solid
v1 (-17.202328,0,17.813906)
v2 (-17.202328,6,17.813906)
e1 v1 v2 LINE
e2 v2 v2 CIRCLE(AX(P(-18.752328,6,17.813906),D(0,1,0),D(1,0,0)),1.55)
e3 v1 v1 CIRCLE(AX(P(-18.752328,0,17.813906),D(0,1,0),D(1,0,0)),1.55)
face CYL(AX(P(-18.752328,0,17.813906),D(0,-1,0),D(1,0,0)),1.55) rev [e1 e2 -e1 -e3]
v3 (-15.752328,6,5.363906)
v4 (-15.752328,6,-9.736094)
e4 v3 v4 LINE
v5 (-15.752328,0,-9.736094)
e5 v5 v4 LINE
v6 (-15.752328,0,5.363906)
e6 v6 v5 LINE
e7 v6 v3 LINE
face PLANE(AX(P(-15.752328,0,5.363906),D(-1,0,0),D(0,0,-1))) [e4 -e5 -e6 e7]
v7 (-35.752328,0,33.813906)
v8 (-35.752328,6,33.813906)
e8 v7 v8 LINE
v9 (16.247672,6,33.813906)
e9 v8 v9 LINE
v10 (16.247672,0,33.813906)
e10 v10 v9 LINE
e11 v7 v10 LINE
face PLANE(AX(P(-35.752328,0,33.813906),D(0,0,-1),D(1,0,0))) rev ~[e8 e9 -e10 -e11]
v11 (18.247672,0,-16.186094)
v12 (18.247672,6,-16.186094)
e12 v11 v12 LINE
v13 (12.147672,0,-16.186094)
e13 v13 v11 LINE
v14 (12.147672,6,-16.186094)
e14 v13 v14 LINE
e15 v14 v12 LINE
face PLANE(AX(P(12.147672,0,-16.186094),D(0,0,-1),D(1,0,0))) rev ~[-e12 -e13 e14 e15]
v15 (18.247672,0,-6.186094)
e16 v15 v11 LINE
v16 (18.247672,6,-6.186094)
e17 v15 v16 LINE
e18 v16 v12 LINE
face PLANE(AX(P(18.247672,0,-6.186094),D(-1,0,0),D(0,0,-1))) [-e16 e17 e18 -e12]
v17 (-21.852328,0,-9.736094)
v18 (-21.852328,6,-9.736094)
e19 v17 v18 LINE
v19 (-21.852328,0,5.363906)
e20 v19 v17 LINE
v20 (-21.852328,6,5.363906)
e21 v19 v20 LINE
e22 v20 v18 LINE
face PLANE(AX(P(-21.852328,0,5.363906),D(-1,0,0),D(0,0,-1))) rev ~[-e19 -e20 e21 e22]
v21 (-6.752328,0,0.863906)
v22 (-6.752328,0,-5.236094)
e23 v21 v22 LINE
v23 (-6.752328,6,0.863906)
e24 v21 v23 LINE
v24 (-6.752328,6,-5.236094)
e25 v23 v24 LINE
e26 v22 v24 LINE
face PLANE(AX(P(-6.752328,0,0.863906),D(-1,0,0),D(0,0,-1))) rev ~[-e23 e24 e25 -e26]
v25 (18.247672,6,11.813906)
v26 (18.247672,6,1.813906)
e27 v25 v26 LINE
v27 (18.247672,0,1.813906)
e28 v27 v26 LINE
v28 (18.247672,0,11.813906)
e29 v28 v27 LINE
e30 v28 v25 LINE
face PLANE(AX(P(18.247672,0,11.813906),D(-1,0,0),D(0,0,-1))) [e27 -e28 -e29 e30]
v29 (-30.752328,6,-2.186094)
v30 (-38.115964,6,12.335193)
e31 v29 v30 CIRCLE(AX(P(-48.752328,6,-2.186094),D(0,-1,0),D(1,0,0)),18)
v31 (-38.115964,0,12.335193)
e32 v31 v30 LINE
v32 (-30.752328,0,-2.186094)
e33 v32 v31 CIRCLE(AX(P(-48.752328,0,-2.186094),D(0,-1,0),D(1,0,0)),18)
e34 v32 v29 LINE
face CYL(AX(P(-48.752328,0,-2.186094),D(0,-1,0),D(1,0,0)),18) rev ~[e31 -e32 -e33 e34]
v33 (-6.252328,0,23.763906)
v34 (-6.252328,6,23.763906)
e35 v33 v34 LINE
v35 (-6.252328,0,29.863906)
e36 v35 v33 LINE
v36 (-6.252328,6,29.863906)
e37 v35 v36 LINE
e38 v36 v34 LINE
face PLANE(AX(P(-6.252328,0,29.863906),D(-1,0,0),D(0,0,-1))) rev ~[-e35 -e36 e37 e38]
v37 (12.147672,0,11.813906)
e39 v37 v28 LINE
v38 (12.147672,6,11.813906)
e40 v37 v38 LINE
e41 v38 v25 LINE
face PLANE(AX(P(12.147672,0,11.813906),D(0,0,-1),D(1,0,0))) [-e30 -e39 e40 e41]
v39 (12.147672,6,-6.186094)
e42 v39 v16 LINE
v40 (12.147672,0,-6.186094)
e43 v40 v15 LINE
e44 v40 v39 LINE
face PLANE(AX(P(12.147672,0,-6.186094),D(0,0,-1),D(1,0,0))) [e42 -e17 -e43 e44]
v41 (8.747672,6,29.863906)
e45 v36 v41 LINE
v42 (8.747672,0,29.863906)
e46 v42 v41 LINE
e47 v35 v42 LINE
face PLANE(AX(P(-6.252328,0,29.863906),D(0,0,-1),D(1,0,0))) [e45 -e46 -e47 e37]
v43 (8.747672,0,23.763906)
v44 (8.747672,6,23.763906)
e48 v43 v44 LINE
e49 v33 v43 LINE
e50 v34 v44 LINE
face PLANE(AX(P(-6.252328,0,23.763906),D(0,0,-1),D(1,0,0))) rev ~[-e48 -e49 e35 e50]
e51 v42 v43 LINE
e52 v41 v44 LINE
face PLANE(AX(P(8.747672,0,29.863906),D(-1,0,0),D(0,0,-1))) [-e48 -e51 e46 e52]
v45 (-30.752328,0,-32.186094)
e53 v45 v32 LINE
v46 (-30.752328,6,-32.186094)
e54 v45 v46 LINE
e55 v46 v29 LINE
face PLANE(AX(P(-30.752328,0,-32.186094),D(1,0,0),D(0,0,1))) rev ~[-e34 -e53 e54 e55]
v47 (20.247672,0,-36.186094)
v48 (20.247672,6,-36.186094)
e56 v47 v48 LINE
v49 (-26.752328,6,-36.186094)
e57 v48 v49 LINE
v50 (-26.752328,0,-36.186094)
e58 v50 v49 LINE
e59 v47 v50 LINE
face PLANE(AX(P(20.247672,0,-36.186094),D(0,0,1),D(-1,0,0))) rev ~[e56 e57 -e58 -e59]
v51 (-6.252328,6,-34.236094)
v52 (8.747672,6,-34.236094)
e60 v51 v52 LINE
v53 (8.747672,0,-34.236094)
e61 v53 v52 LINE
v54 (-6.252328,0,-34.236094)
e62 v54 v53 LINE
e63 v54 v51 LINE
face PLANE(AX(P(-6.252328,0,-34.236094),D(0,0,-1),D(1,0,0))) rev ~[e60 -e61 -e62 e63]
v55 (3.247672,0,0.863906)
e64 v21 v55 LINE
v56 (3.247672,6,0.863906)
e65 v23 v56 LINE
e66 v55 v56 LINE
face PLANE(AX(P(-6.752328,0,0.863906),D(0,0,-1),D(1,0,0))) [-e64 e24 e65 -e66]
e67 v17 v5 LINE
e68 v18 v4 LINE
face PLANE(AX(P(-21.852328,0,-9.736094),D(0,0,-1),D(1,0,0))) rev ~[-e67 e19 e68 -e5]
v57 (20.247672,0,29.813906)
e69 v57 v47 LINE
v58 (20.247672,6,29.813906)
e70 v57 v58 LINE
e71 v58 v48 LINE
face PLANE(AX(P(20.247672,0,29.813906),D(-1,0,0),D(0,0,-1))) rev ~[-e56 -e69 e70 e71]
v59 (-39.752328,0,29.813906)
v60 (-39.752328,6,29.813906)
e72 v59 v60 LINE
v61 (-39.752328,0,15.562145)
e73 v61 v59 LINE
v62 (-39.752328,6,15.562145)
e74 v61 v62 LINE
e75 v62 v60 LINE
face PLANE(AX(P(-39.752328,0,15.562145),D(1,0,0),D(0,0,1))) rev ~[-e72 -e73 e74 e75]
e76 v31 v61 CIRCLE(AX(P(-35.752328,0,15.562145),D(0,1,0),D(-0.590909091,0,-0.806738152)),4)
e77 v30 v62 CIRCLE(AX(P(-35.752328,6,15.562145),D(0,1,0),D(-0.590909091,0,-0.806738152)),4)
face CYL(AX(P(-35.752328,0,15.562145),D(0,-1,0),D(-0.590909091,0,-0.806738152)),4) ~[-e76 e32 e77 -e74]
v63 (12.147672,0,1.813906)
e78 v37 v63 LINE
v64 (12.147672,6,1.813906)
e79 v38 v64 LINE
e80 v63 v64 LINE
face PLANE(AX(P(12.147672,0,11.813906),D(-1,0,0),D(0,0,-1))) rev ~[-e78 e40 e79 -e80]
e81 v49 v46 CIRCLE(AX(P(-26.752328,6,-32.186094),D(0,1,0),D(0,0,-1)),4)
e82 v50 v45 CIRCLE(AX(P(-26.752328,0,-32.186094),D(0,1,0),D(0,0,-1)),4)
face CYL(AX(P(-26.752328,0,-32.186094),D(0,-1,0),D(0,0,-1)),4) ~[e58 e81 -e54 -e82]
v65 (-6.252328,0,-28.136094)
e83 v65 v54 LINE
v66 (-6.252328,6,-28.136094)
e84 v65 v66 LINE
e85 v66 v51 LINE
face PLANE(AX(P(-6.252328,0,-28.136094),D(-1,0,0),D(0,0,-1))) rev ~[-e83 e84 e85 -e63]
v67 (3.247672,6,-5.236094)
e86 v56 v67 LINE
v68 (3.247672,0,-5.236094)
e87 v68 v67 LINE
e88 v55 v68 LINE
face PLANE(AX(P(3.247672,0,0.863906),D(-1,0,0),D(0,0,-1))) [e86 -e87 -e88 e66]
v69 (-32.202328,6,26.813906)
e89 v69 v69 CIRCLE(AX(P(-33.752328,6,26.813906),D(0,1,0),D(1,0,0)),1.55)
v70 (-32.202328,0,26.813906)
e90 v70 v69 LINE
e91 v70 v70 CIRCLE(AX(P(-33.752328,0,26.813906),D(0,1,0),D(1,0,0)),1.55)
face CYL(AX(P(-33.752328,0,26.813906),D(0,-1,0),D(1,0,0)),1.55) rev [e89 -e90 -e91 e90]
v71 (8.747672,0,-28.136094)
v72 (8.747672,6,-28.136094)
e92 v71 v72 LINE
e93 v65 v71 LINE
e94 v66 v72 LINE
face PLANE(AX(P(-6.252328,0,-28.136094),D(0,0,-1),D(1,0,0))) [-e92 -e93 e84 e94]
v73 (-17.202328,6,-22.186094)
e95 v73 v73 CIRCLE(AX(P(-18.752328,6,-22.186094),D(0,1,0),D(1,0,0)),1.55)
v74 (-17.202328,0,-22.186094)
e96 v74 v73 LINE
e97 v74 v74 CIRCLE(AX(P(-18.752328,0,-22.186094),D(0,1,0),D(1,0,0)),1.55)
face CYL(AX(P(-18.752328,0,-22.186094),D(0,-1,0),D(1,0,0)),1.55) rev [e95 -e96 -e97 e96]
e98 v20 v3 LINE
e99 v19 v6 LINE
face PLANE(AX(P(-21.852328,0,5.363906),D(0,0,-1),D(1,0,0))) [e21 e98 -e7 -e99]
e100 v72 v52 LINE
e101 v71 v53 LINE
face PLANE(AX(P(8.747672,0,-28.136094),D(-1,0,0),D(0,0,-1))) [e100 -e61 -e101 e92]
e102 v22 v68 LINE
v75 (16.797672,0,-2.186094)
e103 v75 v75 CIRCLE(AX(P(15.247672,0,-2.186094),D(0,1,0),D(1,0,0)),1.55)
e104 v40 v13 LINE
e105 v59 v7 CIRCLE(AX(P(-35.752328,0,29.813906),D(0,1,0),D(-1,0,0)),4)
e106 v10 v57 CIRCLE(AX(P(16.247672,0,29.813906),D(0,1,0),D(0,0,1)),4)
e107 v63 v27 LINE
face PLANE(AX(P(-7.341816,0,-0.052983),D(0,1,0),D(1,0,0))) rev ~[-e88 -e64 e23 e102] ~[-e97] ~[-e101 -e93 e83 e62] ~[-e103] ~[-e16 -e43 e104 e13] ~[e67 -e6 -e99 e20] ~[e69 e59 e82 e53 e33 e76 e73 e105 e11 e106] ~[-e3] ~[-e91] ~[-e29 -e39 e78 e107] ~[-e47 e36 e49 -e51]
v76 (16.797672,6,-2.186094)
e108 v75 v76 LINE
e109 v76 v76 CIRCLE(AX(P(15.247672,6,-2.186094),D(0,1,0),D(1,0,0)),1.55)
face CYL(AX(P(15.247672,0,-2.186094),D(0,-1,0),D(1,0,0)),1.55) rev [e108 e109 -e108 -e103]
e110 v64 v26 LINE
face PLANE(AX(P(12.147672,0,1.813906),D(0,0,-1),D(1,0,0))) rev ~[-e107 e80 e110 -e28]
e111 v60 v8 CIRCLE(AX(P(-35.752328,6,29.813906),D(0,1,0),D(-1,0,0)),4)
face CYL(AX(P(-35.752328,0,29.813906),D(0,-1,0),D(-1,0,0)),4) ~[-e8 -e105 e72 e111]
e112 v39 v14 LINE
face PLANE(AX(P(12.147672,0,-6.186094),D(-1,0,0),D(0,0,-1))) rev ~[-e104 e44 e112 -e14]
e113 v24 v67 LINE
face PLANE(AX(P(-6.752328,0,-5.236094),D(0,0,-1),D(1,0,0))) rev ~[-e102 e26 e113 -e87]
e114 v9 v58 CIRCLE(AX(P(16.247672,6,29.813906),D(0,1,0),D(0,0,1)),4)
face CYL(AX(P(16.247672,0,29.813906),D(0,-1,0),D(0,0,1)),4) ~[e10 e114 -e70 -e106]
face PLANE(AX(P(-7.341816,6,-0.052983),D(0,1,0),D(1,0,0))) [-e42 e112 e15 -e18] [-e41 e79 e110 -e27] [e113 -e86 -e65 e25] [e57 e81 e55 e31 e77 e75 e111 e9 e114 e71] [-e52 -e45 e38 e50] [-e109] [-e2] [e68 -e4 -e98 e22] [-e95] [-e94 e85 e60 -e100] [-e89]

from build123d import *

# Parameters (mm, degrees)
SKETCH_1_R      = 1.55
SKETCH_1_W      = 6.1
SKETCH_1_H      = 10
SKETCH_1_H_2    = 15.1
SKETCH_1_W_2    = 10
SKETCH_1_H_3    = 6.1
SKETCH_1_W_3    = 15
EXTRUDE_1_DEPTH = 6


with BuildPart() as part:
    # Эскиз1 → Бобышка-Вытянуть1 (new body)
    with BuildSketch(Plane(origin=(0, 0, 0), x_dir=(1, 0, 0), z_dir=(0, 1, 0))):
        with BuildLine():
            Line((-35.752327672, -33.813906094), (16.247672328, -33.813906094))
            ThreePointArc((16.247672328, -33.813906094), (19.076099452, -32.642333219), (20.247672328, -29.813906094))
            Line((20.247672328, -29.813906094), (20.247672328, 36.186093906))
            Line((20.247672328, 36.186093906), (-26.752327672, 36.186093906))
            ThreePointArc((-26.752327672, 36.186093906), (-29.580754797, 35.014521031), (-30.752327672, 32.186093906))
            Line((-30.752327672, 32.186093906), (-30.752327672, 2.186093906))
            ThreePointArc((-30.752327672, 2.186093906), (-32.698441142, -5.954712398), (-38.115964036, -12.335192834))
            ThreePointArc((-38.115964036, -12.335192834), (-39.319858012, -13.753077376), (-39.752327672, -15.562145443))
            Line((-39.752327672, -15.562145443), (-39.752327672, -29.813906094))
            ThreePointArc((-39.752327672, -29.813906094), (-38.580754797, -32.642333219), (-35.752327672, -33.813906094))
        make_face()
        with Locations((15.247672328, 2.186093906)):
            Circle(SKETCH_1_R, mode=Mode.SUBTRACT)
        with Locations((-18.752327672, -17.813906094)):
            Circle(SKETCH_1_R, mode=Mode.SUBTRACT)
        with Locations((-33.752327672, -26.813906094)):
            Circle(SKETCH_1_R, mode=Mode.SUBTRACT)
        with Locations((-18.752327672, 22.186093906)):
            Circle(SKETCH_1_R, mode=Mode.SUBTRACT)
        with Locations((15.197672328, 11.186093906)):
            Rectangle(SKETCH_1_W, SKETCH_1_H, mode=Mode.SUBTRACT)
        with Locations((-18.802327672, 2.186093906)):
            Rectangle(SKETCH_1_W, SKETCH_1_H_2, mode=Mode.SUBTRACT)
        with Locations((-1.752327672, 2.186093906)):
            Rectangle(SKETCH_1_W_2, SKETCH_1_H_3, mode=Mode.SUBTRACT)
        with Locations((15.197672328, -6.813906094)):
            Rectangle(SKETCH_1_W, SKETCH_1_H, mode=Mode.SUBTRACT)
        with Locations((1.247672328, 31.186093906)):
            Rectangle(SKETCH_1_W_3, SKETCH_1_H_3, mode=Mode.SUBTRACT)
        with Locations((1.247672328, -26.813906094)):
            Rectangle(SKETCH_1_W_3, SKETCH_1_H_3, mode=Mode.SUBTRACT)
    extrude(amount=EXTRUDE_1_DEPTH)


solid = part.part
